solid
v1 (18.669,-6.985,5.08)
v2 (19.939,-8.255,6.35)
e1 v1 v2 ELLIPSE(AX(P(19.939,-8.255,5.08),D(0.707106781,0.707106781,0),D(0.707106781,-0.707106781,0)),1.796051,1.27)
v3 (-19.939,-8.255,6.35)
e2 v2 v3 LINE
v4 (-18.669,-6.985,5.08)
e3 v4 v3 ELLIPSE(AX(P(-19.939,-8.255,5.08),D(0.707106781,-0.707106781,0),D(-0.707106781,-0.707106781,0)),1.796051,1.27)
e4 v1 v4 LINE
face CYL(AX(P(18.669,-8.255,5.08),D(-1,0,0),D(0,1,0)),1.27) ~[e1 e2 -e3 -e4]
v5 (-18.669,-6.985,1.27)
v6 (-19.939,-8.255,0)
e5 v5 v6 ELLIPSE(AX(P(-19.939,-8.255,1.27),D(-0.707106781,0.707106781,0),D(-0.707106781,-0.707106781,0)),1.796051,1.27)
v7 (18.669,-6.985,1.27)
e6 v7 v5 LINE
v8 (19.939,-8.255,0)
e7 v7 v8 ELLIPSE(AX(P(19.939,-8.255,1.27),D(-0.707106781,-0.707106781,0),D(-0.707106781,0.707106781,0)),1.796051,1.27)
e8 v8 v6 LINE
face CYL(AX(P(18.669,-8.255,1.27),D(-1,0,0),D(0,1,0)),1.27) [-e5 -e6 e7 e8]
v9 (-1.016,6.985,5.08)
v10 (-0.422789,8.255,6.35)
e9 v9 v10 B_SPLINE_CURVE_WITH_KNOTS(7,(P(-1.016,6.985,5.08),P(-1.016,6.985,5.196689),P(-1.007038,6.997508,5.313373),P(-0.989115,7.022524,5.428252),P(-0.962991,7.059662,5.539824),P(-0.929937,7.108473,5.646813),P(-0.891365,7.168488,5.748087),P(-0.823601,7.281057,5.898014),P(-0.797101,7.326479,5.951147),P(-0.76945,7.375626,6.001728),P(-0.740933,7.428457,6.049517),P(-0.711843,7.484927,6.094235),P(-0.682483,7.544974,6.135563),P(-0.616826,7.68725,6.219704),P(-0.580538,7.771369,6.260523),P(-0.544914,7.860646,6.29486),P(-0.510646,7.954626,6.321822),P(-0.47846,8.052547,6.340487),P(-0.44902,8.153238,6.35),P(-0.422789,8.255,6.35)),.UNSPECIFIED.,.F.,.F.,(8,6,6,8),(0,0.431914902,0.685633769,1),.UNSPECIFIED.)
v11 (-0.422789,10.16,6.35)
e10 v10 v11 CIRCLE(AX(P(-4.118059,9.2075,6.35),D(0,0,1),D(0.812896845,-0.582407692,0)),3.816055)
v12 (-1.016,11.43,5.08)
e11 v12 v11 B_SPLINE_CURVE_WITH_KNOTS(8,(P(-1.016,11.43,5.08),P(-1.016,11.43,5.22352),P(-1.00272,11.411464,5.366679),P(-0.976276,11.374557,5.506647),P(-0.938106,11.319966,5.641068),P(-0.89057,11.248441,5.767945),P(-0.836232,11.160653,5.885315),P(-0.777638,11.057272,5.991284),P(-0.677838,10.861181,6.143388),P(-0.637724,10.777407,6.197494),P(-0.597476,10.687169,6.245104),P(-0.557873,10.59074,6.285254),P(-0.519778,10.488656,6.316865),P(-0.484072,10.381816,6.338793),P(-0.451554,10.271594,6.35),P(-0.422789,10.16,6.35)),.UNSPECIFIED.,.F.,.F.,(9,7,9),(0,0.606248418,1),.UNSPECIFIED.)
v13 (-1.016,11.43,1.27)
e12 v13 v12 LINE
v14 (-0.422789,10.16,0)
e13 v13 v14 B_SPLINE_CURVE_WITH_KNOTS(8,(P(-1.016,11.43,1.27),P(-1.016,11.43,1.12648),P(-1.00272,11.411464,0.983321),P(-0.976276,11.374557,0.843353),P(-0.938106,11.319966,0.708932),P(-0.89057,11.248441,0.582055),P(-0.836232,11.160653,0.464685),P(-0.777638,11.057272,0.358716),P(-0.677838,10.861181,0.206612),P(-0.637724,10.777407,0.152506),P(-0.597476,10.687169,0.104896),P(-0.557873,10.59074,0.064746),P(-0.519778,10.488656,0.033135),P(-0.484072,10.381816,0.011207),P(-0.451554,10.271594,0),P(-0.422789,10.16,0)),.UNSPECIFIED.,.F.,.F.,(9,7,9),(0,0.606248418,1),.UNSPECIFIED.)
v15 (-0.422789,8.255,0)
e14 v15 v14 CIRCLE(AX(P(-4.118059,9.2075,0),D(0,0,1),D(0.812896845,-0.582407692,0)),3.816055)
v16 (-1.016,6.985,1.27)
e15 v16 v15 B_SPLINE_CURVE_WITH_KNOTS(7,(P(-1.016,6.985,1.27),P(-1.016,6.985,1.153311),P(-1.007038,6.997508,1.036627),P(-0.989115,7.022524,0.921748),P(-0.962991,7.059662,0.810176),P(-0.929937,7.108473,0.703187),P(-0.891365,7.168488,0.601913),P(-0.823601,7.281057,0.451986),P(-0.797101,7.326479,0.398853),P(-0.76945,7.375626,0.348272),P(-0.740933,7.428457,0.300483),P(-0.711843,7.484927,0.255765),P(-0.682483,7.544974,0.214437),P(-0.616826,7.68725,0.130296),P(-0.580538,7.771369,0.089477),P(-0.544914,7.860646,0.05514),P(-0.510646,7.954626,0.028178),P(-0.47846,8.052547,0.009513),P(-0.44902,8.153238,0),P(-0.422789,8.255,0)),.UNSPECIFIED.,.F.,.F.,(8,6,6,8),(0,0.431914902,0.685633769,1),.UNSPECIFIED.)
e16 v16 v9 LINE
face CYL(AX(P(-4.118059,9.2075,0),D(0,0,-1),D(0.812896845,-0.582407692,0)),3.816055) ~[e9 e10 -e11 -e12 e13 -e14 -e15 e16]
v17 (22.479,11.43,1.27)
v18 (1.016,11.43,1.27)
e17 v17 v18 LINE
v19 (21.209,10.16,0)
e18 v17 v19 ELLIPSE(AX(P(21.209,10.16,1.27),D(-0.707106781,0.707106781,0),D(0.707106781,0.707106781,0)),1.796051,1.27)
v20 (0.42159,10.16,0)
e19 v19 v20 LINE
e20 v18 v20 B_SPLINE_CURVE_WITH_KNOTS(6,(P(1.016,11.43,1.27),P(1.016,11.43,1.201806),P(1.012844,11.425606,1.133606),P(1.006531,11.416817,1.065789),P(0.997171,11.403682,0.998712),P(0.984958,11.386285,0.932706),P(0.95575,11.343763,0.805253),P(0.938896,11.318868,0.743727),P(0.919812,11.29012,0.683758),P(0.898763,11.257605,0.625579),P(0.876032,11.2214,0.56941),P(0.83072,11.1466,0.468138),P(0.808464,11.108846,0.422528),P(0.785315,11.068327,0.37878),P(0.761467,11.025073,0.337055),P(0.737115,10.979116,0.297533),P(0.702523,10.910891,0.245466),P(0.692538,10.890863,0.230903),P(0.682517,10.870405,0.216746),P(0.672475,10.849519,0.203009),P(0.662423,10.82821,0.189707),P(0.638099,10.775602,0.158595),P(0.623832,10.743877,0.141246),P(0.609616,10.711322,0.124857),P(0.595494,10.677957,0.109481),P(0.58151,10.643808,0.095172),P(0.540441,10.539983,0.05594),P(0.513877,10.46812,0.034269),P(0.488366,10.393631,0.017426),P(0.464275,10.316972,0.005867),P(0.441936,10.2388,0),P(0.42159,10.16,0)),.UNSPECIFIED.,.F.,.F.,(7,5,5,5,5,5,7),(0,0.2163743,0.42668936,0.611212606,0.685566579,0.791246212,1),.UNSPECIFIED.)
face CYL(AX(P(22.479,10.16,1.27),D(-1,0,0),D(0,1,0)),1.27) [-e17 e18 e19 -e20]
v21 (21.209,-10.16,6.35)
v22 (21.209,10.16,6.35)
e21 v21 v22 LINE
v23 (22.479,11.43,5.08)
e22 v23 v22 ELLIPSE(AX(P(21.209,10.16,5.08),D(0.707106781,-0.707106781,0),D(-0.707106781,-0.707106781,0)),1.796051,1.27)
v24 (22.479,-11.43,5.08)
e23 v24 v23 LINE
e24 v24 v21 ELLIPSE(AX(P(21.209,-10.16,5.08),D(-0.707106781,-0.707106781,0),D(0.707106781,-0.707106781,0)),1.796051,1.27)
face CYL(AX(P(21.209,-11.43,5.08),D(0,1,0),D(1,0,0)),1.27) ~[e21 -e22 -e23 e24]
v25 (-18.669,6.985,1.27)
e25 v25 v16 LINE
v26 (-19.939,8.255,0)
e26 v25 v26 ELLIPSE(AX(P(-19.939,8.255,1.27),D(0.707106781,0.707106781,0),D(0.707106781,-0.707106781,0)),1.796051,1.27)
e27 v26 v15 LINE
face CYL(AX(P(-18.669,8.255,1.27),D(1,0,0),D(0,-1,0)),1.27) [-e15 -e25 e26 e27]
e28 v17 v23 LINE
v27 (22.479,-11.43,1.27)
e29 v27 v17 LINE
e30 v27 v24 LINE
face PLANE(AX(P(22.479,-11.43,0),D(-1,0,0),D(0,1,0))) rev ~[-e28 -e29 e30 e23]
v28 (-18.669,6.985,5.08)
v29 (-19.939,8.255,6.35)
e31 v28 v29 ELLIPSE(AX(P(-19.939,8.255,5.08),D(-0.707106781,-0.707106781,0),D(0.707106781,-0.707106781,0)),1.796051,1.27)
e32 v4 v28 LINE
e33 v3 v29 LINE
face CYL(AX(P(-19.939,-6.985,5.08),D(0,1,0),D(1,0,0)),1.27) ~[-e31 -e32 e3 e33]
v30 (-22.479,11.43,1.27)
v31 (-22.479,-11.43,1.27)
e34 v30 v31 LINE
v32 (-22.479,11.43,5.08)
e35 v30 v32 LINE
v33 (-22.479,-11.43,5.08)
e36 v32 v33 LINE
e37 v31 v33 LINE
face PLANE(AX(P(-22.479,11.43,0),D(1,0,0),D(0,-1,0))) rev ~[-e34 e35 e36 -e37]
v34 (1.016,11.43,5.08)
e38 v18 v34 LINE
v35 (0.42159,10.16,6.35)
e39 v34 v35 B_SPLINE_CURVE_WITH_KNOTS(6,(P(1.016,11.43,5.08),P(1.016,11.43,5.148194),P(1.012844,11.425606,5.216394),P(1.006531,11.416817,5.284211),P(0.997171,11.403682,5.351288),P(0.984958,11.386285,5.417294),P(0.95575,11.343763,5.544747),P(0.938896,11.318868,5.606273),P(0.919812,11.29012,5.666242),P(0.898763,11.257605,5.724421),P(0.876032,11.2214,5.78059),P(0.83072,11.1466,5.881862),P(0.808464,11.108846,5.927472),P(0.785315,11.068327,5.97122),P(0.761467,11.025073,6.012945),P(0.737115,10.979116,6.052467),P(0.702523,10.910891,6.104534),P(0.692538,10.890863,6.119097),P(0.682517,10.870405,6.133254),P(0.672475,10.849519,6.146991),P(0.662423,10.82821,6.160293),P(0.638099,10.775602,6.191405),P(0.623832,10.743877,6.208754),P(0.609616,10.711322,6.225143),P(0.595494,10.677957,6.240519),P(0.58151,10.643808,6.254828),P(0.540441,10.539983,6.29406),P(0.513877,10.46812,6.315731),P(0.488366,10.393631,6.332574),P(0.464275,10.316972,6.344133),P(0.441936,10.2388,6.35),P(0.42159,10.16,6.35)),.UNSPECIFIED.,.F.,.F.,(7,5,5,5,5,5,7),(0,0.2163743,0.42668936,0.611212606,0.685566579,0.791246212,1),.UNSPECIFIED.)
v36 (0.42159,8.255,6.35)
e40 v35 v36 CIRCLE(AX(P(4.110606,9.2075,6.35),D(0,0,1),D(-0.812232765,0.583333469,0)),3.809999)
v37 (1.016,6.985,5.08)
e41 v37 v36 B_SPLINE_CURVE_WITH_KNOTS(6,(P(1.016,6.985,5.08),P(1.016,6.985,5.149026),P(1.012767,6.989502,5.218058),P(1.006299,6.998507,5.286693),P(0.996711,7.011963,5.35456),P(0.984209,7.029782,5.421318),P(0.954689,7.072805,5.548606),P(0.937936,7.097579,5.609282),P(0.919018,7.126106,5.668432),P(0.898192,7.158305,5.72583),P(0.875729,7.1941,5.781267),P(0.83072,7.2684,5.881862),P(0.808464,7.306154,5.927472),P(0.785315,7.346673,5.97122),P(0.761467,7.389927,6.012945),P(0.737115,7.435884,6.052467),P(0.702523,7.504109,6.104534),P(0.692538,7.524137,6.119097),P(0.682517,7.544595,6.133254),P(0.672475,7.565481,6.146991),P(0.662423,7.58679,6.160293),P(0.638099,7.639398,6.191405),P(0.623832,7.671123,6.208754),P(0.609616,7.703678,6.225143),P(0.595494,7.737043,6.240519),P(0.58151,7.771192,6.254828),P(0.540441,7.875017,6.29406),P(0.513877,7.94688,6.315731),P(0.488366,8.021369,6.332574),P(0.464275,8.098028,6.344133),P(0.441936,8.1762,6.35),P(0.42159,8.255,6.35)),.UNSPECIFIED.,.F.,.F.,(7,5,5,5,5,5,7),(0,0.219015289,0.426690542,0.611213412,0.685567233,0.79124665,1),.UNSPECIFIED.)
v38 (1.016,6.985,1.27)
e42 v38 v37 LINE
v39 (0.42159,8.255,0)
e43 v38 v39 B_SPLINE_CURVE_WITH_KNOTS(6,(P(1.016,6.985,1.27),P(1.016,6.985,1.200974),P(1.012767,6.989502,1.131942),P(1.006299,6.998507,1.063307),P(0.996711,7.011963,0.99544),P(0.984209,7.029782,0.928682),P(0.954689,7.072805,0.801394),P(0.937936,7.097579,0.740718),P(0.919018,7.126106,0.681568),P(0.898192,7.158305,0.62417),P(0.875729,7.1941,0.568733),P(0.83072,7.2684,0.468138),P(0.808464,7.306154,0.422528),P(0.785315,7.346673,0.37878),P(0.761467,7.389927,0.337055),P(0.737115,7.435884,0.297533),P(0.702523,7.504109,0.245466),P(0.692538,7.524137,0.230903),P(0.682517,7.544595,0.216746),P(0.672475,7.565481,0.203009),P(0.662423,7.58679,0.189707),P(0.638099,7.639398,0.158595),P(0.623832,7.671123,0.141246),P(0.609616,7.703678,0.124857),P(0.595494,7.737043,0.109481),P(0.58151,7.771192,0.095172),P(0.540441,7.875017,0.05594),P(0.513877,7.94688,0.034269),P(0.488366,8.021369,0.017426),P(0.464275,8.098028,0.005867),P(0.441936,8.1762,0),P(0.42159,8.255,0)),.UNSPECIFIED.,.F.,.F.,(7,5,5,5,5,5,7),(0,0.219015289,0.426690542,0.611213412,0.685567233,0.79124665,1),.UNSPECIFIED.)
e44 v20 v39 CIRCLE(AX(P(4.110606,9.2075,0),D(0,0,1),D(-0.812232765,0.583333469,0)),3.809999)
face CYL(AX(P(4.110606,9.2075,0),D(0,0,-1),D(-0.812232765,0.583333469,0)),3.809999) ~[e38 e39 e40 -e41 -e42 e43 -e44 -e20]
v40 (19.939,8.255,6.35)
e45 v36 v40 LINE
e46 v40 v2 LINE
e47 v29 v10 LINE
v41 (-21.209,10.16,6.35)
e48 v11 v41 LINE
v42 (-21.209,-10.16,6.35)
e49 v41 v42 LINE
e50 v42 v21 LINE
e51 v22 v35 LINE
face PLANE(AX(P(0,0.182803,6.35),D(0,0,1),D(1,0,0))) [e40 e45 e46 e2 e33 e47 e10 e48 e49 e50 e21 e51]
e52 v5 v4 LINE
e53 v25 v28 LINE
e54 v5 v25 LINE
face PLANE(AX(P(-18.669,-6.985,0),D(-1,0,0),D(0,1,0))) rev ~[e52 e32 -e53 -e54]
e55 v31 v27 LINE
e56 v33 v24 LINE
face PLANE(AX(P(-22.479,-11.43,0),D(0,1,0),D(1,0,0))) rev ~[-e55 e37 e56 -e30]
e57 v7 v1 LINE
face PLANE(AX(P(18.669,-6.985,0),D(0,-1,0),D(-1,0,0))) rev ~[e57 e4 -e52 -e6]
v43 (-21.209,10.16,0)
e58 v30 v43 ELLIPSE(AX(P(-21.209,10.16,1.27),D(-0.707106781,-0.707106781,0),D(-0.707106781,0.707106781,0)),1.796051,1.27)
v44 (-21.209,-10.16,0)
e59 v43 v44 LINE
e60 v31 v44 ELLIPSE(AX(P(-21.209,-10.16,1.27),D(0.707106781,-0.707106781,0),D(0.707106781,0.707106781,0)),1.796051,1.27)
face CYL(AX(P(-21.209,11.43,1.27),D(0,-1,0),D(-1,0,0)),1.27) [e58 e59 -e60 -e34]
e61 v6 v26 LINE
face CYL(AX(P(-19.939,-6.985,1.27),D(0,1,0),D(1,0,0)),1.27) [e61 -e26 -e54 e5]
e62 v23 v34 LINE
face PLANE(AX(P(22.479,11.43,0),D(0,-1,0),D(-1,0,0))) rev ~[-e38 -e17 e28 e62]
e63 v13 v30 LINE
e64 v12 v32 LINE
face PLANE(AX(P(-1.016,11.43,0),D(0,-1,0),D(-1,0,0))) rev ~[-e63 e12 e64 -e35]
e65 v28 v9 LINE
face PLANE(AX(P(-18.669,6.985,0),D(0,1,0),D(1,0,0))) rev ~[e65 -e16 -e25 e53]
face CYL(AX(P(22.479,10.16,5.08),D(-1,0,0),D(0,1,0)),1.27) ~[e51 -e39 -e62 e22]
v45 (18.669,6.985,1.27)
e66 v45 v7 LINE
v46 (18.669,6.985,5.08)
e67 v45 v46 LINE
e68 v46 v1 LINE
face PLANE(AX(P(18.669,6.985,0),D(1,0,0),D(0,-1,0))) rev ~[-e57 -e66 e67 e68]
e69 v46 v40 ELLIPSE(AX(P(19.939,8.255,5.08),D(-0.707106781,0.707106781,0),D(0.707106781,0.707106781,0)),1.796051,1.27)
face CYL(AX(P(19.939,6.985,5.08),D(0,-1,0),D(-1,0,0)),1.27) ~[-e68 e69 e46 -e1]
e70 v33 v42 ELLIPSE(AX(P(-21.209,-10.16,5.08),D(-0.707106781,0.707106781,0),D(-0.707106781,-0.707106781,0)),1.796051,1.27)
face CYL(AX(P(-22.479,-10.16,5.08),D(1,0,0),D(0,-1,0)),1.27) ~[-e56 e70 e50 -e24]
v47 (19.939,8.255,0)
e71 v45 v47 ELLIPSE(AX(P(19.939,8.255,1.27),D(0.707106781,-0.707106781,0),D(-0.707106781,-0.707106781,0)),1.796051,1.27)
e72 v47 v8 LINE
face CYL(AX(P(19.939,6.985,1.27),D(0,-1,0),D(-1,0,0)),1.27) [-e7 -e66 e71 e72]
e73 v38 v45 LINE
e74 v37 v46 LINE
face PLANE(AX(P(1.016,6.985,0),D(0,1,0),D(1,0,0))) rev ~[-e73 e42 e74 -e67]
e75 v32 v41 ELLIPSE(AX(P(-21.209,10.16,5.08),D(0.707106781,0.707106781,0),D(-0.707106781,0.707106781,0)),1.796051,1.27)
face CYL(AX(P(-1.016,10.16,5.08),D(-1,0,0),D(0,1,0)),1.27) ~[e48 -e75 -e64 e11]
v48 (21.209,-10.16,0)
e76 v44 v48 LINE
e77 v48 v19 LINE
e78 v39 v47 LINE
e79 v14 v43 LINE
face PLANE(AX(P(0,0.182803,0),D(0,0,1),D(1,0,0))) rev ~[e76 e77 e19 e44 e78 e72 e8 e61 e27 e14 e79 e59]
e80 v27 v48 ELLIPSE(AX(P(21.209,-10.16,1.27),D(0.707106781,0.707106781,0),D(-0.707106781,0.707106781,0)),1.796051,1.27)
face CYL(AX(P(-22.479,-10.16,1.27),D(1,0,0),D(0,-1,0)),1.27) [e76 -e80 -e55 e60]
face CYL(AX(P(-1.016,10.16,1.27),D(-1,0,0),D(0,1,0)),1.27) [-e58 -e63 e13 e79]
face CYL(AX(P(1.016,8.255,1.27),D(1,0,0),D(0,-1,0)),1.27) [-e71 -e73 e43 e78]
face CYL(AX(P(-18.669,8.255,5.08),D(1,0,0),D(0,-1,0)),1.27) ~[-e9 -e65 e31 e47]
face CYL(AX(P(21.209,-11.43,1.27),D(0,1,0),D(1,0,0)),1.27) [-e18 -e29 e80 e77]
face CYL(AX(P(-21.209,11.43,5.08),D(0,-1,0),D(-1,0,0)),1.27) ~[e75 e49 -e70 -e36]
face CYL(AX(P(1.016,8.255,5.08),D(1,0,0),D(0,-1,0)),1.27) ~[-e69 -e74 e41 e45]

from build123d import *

# Parameters (mm, degrees)
F1_DEPTH = 6.35
F2_R     = 1.27


with BuildPart() as f1:
    # F0 (on Top) → F1 (new body)
    with BuildSketch(Plane.XY):
        Polygon((-22.479, -11.43), (22.479, -11.43), (22.479, 11.43), (1.016, 11.43), (1.016, 6.985), (18.669, 6.985), (18.669, -6.985), (-18.669, -6.985), (-18.669, 6.985), (-1.016, 6.985), (-1.016, 11.43), (-22.479, 11.43), align=None)
        with BuildLine():
            ThreePointArc((-1.016, 6.985), (-0.302004, 9.2075), (-1.016, 11.43))
            Line((-1.016, 11.43), (-1.016, 6.985))
        make_face()
        with BuildLine():
            Line((1.016, 6.985), (1.016, 11.43))
            ThreePointArc((1.016, 11.43), (0.300607, 9.2075), (1.016, 6.985))
        make_face()
    extrude(amount=F1_DEPTH)

    # F2
    f2_edges = [f1.edges().sort_by_distance(p)[0] for p in [
        (-9.8425, 6.985, 6.35),
        (9.8425, 6.985, 6.35),
        (18.669, 0, 6.35),
        (0, -6.985, 6.35),
        (-18.669, 0, 6.35),
        (0, -6.985, 0),
        (18.669, 0, 0),
        (9.8425, 6.985, 0),
        (-9.8425, 6.985, 0),
        (-18.669, 0, 0),
        (11.7475, 11.43, 6.35),
        (-11.7475, 11.43, 6.35),
        (-22.479, 0, 6.35),
        (0, -11.43, 6.35),
        (22.479, 0, 6.35),
        (22.479, 0, 0),
        (0, -11.43, 0),
        (11.7475, 11.43, 0),
        (-11.7475, 11.43, 0),
        (-22.479, 0, 0),
    ]]
    fillet(f2_edges, radius=F2_R)


solid = f1.part
